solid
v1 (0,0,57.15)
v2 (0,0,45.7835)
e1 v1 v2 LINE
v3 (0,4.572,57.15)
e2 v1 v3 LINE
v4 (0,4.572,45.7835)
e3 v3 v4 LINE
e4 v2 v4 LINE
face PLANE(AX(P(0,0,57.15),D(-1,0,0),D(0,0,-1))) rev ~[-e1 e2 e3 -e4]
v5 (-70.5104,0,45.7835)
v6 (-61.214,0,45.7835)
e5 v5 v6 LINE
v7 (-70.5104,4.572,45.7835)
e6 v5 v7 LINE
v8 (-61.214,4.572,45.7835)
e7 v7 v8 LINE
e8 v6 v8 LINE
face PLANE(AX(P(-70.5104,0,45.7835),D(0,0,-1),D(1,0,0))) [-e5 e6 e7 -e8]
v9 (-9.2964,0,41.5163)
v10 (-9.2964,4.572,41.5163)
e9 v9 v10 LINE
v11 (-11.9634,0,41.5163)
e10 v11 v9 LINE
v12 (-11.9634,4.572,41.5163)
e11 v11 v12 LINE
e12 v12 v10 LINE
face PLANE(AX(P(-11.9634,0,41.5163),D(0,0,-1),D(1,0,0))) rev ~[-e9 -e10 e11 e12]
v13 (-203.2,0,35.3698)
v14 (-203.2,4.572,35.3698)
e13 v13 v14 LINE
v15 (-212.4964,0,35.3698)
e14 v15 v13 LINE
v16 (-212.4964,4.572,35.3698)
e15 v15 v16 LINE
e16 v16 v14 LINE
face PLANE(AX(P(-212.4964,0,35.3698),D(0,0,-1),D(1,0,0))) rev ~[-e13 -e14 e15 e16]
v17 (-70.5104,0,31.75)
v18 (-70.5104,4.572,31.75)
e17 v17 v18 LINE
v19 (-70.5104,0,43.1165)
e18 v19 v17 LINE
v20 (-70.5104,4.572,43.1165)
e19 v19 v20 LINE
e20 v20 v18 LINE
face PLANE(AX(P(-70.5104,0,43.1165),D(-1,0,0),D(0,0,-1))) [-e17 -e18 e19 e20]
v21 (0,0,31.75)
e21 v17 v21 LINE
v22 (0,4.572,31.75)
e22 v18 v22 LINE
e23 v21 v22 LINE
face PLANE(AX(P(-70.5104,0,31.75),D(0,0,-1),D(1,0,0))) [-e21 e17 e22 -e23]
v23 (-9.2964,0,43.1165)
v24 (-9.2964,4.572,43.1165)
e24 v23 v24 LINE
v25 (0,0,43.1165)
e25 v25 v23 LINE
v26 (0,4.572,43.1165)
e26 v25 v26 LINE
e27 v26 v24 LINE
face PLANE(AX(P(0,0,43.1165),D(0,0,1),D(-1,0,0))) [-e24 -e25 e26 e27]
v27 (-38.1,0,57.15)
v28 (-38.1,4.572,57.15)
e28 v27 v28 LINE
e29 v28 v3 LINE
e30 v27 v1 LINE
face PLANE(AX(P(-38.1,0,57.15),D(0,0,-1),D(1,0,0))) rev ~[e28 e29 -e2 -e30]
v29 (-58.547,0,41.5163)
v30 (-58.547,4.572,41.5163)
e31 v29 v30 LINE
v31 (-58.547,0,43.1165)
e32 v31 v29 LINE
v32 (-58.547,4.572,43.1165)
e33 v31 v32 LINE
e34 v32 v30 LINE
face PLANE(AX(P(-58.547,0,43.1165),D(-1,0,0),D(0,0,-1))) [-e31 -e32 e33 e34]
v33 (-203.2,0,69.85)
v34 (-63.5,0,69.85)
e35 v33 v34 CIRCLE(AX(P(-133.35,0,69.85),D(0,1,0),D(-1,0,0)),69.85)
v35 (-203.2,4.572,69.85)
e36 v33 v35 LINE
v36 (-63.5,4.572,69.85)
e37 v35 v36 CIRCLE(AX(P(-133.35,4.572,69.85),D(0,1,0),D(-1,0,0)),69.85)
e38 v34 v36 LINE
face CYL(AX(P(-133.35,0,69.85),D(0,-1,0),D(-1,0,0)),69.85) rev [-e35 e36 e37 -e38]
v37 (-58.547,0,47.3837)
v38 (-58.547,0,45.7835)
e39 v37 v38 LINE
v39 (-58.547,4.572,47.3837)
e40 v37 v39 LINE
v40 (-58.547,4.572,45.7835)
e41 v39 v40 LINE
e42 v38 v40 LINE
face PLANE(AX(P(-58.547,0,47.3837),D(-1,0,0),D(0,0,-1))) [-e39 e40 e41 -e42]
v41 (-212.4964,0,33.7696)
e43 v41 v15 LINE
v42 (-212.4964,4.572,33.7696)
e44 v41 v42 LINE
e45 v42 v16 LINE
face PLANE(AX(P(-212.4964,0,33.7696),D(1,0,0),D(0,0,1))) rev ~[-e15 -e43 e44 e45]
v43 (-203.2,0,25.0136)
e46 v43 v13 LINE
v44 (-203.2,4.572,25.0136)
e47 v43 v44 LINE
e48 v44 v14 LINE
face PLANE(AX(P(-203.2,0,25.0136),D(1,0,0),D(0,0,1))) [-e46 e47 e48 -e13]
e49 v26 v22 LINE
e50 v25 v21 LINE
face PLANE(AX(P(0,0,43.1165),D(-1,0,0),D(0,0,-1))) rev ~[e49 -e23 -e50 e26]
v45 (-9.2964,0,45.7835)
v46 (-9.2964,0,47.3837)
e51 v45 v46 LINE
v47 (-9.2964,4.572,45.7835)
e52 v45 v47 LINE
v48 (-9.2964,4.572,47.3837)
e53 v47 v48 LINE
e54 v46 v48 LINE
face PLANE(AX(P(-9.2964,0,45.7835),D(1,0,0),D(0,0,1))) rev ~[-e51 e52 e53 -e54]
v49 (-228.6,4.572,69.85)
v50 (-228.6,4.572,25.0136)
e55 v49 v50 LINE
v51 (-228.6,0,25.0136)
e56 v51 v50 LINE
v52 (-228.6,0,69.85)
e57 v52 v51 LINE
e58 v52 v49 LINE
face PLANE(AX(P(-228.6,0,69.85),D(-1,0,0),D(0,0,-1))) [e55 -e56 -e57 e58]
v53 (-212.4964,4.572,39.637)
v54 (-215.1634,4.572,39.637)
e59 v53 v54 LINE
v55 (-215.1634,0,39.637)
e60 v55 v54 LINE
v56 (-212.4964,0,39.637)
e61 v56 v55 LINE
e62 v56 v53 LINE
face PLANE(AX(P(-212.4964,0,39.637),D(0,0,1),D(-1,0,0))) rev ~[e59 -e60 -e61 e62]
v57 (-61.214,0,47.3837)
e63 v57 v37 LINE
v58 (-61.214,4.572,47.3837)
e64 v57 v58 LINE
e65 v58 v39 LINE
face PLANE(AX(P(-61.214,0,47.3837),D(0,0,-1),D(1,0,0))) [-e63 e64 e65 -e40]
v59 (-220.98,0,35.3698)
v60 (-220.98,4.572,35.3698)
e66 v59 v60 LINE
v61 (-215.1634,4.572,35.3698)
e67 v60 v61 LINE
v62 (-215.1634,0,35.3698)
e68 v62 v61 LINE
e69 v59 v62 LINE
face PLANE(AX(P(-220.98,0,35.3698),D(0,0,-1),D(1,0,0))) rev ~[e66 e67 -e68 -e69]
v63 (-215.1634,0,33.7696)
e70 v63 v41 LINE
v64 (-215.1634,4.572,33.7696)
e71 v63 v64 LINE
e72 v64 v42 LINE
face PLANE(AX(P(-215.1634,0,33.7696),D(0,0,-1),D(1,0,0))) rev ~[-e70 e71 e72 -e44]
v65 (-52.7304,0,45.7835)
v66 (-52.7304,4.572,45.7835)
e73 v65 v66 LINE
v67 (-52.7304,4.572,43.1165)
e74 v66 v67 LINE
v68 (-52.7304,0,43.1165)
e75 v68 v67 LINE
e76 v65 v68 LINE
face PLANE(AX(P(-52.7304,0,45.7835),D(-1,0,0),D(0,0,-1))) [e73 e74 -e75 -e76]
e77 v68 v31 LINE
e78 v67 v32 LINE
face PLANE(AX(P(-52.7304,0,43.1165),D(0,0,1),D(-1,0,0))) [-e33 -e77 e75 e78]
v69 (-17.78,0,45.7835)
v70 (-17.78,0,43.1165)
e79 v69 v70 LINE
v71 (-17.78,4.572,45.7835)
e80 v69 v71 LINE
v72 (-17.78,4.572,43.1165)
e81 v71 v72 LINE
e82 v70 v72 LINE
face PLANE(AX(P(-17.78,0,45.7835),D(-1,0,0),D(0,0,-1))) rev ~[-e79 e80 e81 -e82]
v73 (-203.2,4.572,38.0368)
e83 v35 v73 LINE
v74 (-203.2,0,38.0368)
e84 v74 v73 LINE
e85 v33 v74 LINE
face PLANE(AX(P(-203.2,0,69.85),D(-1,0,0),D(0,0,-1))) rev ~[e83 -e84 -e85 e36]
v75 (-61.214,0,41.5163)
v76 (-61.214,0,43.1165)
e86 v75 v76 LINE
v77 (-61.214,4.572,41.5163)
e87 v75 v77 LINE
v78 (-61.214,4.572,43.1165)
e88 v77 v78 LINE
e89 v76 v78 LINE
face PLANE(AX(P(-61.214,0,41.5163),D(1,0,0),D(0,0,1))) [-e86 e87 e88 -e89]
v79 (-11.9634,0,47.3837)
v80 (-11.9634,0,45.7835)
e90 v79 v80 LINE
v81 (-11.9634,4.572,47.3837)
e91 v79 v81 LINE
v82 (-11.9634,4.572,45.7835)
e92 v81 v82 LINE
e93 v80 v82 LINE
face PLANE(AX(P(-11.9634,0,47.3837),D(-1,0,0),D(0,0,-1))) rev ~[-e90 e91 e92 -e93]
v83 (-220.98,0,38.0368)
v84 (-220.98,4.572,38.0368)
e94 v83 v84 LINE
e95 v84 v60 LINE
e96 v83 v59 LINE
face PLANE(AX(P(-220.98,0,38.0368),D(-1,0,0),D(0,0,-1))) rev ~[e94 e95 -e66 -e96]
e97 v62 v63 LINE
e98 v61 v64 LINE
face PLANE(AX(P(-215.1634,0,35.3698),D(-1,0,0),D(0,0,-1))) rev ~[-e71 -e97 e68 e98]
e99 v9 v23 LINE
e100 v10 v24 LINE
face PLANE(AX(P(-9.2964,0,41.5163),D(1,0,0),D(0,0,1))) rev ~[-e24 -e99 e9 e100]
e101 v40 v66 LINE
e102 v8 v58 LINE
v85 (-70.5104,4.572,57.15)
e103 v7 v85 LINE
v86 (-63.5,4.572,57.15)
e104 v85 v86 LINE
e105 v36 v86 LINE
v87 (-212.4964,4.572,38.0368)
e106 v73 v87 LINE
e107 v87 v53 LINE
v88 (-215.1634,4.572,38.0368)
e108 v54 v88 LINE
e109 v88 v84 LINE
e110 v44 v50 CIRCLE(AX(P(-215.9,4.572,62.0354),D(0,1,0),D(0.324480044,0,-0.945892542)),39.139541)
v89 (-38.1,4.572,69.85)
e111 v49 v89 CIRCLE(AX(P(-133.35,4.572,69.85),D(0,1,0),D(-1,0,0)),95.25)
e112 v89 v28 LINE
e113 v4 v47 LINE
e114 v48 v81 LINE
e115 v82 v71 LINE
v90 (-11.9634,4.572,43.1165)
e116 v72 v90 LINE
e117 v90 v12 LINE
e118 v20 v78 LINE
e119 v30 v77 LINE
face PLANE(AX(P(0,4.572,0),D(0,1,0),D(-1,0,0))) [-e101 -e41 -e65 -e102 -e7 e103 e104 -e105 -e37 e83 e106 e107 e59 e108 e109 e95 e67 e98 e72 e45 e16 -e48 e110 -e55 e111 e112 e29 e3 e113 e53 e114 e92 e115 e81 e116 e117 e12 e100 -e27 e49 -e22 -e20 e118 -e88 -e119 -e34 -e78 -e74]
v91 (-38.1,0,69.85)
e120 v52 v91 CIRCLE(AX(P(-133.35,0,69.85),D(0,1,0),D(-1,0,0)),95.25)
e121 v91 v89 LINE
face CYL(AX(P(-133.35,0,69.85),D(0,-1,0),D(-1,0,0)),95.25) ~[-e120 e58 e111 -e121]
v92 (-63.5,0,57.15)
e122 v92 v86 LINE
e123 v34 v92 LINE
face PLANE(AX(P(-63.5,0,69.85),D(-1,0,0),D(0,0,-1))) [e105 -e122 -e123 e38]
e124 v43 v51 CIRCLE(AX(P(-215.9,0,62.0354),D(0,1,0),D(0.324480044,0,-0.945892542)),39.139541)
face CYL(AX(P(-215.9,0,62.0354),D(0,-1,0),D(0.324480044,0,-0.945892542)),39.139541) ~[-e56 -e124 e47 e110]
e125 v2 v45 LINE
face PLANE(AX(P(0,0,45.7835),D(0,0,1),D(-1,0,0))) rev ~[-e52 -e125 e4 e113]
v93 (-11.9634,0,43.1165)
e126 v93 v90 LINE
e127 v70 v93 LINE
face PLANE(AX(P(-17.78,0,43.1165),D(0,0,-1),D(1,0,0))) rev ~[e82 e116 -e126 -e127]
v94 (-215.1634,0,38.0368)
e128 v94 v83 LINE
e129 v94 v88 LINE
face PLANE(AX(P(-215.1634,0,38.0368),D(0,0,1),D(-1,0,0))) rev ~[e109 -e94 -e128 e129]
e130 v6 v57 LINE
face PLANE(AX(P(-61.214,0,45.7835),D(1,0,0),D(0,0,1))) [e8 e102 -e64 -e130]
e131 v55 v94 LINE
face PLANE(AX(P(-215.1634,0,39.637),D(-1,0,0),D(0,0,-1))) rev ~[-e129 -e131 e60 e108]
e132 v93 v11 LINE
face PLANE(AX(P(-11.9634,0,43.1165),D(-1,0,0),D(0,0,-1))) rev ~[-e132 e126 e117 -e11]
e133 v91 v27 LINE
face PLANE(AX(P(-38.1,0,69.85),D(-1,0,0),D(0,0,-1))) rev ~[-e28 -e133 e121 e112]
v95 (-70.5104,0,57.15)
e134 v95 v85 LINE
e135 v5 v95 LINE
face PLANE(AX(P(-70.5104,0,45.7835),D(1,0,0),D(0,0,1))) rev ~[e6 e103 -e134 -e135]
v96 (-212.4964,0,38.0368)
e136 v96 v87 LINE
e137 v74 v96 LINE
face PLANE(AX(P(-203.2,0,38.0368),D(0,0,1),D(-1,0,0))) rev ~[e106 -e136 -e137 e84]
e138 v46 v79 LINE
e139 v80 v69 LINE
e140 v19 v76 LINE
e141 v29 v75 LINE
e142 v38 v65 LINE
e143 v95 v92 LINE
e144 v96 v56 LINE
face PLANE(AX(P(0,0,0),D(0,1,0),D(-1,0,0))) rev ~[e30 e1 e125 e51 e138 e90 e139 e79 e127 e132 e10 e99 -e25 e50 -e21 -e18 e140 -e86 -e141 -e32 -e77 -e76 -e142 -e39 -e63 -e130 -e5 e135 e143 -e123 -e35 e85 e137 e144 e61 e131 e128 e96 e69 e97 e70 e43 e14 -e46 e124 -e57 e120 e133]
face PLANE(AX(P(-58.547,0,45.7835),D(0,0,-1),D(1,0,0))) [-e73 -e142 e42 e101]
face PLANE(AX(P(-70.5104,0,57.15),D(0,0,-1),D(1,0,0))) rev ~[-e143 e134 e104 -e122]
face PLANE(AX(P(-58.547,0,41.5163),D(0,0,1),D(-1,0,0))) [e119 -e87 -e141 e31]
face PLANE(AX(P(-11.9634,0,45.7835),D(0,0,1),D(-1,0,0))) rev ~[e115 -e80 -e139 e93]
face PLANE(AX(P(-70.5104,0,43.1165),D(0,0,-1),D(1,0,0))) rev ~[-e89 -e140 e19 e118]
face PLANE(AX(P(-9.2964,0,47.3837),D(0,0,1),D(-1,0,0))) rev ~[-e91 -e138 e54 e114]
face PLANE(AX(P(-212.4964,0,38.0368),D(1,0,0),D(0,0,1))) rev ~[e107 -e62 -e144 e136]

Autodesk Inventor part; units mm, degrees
ref_plane "YZ Plane" through (0, 0, 0) normal (1, 0, 0) x (0, 1, 0)
ref_plane "XZ Plane" through (0, 0, 0) normal (0, 1, 0) x (-1, 0, 0)
ref_plane "XY Plane" through (0, 0, 0) normal (0, 0, 1) x (1, 0, 0)
sketch "Sketch1" plane through (0, 0, 0) normal (0, 1, 0) x (-1, 0, 0)
  line L0 (0, 0) -> (114.7109, 0) construction
  line L1 (114.7109, 0) -> (229.0109, 0) construction
  line L2 (63.5, 69.85) -> (63.5, 57.15)
  line L3 (38.1, 69.85) -> (38.1, 57.15)
  arc A0 (203.2, 69.85) -> (63.5, 69.85) centre (133.35, 69.85) ccw
  arc A1 (228.6, 69.85) -> (38.1, 69.85) centre (133.35, 69.85) ccw
  line L4 (229.0109, 0) -> (229.0109, 15.875) construction
  arc A2 (203.2, 25.0136) -> (228.6, 25.0136) centre (215.9, 62.0354) ccw
  line L5 (70.5104, 57.15) -> (63.5, 57.15)
  line L6 (38.1, 57.15) -> (0, 57.15)
  line L7 (70.5104, 43.1165) -> (61.214, 43.1165)
  line L8 (70.5104, 45.7835) -> (61.214, 45.7835)
  line L9 (61.214, 45.7835) -> (61.214, 47.3837)
  line L10 (61.214, 47.3837) -> (58.547, 47.3837)
  line L11 (58.547, 47.3837) -> (58.547, 45.7835)
  line L12 (58.547, 45.7835) -> (52.7304, 45.7835)
  line L13 (52.7304, 45.7835) -> (52.7304, 43.1165)
  line L14 (52.7304, 43.1165) -> (58.547, 43.1165)
  line L15 (58.547, 43.1165) -> (58.547, 41.5163)
  line L16 (58.547, 41.5163) -> (61.214, 41.5163)
  line L17 (61.214, 41.5163) -> (61.214, 43.1165)
  line L18 (70.5104, 45.7835) -> (70.5104, 57.15)
  line L19 (70.5104, 43.1165) -> (70.5104, 31.75)
  line L20 (70.5104, 31.75) -> (0, 31.75)
  line L21 (0, 43.1165) -> (9.2964, 43.1165)
  line L22 (0, 45.7835) -> (9.2964, 45.7835)
  line L23 (9.2964, 45.7835) -> (9.2964, 47.3837)
  line L24 (9.2964, 47.3837) -> (11.9634, 47.3837)
  line L25 (11.9634, 47.3837) -> (11.9634, 45.7835)
  line L26 (11.9634, 45.7835) -> (17.78, 45.7835)
  line L27 (17.78, 45.7835) -> (17.78, 43.1165)
  line L28 (17.78, 43.1165) -> (11.9634, 43.1165)
  line L29 (11.9634, 43.1165) -> (11.9634, 41.5163)
  line L30 (11.9634, 41.5163) -> (9.2964, 41.5163)
  line L31 (9.2964, 41.5163) -> (9.2964, 43.1165)
  line L32 (0, 57.15) -> (0, 45.7835)
  line L33 (0, 43.1165) -> (0, 31.75)
  line L34 (203.2, 38.0368) -> (212.4964, 38.0368)
  line L35 (212.4964, 38.0368) -> (212.4964, 39.637)
  line L36 (212.4964, 39.637) -> (215.1634, 39.637)
  line L37 (215.1634, 39.637) -> (215.1634, 38.0368)
  line L38 (215.1634, 38.0368) -> (220.98, 38.0368)
  line L39 (220.98, 38.0368) -> (220.98, 35.3698)
  line L40 (220.98, 35.3698) -> (215.1634, 35.3698)
  line L41 (215.1634, 35.3698) -> (215.1634, 33.7696)
  line L42 (215.1634, 33.7696) -> (212.4964, 33.7696)
  line L43 (212.4964, 33.7696) -> (212.4964, 35.3698)
  line L44 (212.4964, 35.3698) -> (203.2, 35.3698)
  line L45 (228.6, 69.85) -> (228.6, 25.0136)
  line L46 (203.2, 25.0136) -> (203.2, 35.3698)
  line L47 (203.2, 69.85) -> (203.2, 38.0368)
  dimension "d12" = 12.7
  dimension "d16" = 25.4
  dimension "d19" = 190.5
  dimension "d20" = 15.875
  dimension "d38" = 95.25
  dimension "d48" = 70.5104
  dimension "d53" = 9.2964
  dimension "d54" = 1.6002
  dimension "d55" = 2.667
  dimension "d56" = 5.8166
  dimension "d57" = 1.6002
  dimension "d58" = 9.2964
  dimension "d59" = 2.667
  dimension "d60" = 5.8166
  dimension "d61" = 1.6002
  dimension "d62" = 37.868
  dimension "d63" = 12.7
  dimension "d64" = 22.3984
  dimension "d66" = 2.667
  dimension "d67" = 11.3665
  dimension "d68" = 11.3665
  dimension "d69" = 11.3665
  dimension "d70" = 11.3665
  dimension "d71" = 38.1
extrude "Extrusion2" add sketch "Sketch1" along normal blind 4.572
properties part number "Zoetrope_Hook"
